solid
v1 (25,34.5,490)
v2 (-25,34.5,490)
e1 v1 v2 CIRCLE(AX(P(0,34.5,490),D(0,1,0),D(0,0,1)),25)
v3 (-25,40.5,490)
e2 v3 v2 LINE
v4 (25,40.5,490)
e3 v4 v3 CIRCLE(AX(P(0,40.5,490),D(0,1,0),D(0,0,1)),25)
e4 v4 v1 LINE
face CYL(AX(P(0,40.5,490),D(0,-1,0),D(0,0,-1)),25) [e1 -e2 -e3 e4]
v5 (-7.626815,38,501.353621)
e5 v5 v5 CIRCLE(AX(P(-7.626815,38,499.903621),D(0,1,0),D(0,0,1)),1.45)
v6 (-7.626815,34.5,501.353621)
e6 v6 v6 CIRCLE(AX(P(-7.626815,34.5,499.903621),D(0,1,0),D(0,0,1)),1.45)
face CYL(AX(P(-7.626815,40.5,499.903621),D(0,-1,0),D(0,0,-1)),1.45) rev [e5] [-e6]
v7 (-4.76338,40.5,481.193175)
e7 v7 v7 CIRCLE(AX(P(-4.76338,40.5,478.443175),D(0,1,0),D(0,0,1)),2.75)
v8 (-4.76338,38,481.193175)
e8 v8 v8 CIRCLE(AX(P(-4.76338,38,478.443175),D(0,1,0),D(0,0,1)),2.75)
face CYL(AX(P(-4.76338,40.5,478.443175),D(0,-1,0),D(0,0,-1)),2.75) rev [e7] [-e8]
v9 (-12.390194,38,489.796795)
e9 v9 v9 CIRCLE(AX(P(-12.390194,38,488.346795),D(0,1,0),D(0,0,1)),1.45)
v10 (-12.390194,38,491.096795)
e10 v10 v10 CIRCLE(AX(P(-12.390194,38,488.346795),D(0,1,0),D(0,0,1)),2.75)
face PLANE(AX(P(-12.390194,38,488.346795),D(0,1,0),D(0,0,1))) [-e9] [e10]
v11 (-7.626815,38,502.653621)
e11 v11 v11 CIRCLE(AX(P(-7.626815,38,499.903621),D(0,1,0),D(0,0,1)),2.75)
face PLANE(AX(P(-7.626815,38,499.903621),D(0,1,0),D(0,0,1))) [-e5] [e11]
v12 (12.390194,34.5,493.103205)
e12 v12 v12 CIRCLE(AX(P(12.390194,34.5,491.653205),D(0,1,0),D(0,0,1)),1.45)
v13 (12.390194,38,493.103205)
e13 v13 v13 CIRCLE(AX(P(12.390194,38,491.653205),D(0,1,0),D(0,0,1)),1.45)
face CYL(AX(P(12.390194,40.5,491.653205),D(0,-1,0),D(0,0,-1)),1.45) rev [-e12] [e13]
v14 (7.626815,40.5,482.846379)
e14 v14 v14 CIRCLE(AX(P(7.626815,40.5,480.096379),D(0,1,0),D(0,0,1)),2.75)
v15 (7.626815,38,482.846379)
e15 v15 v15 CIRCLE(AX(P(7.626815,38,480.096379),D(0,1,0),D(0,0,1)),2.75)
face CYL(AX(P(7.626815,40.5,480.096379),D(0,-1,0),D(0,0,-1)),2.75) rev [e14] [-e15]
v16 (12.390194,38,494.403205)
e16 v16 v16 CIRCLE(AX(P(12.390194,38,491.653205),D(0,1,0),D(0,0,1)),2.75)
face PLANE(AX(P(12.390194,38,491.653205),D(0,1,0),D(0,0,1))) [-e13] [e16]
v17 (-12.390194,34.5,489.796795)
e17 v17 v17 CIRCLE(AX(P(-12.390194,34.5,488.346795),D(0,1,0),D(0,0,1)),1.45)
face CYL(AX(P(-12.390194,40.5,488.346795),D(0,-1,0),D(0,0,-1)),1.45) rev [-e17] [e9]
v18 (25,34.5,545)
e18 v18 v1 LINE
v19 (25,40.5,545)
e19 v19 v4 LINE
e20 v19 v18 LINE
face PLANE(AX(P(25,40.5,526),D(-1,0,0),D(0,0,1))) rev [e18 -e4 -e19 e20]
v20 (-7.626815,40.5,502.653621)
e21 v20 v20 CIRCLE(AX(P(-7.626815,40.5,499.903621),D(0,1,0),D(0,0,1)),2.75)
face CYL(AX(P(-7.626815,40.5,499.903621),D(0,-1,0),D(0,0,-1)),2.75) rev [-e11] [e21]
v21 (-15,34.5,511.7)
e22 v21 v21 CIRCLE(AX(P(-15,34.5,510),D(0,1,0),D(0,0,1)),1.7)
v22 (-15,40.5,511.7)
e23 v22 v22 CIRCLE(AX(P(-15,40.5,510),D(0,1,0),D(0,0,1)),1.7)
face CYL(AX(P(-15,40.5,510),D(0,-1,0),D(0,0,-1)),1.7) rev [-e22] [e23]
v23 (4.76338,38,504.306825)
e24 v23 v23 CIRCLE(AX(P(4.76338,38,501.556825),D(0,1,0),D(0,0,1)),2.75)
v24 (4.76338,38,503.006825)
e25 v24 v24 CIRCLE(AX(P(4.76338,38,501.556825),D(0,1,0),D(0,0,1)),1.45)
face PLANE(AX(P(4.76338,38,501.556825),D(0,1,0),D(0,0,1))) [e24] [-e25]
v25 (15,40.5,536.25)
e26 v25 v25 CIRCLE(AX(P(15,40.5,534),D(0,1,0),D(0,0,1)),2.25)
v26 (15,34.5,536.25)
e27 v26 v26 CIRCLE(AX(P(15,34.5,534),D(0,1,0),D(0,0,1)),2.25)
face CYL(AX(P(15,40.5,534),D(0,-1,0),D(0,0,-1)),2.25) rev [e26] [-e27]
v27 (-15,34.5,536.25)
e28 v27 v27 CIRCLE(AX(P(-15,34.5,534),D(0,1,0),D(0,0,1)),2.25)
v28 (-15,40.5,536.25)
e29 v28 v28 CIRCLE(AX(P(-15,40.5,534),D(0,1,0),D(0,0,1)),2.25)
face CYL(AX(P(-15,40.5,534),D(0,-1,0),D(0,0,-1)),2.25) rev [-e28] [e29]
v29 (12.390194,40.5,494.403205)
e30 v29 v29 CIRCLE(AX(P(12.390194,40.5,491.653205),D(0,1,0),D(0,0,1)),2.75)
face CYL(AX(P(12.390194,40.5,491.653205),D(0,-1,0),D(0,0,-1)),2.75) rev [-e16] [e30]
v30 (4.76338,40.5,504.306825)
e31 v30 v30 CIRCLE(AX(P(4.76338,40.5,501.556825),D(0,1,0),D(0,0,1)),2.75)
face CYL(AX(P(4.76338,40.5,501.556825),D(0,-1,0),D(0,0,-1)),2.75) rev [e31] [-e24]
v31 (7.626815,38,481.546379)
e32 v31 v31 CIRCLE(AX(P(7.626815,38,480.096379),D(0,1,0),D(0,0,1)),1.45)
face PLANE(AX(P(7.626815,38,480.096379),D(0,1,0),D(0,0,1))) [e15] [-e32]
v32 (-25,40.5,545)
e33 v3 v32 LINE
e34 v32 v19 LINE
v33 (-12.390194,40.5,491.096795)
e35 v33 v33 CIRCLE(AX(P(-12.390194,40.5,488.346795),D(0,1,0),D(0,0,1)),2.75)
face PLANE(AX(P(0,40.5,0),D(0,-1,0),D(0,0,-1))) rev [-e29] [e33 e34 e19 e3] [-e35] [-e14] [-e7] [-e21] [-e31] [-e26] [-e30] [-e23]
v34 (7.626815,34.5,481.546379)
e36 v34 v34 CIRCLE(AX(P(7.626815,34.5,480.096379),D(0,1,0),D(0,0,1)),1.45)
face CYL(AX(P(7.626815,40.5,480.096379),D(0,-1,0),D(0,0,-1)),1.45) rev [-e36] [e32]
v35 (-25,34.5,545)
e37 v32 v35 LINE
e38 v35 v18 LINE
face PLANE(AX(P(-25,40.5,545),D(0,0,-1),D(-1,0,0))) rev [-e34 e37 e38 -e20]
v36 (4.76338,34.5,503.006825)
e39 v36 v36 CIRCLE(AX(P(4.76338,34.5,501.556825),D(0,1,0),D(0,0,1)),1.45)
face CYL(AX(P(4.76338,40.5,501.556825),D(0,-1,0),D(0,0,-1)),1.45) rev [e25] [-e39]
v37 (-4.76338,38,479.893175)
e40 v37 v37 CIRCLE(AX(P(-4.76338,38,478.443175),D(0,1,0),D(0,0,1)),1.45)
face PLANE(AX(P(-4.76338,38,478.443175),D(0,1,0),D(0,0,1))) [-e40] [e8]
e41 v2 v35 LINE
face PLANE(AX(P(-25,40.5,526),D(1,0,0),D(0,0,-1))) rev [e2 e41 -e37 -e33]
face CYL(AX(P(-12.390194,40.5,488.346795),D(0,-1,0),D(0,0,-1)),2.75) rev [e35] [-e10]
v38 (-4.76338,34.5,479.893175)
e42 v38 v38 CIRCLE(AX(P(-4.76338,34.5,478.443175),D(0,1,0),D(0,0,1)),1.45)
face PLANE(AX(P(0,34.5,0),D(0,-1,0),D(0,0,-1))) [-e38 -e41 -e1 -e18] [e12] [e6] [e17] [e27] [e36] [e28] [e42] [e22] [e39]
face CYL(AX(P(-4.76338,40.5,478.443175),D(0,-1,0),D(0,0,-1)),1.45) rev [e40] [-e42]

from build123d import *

# Parameters (mm, degrees)
PLACA_START                 = 34.5
SK_PLACA_W                  = 50
SK_PLACA_H                  = 36
PLACA_DEPTH                 = 6
EXTREMO_START               = 34.5
SK_EXTREMO_R                = 25
EXTREMO_DEPTH               = 6
PASANTES_M2_5_CUBO_J5_START = 34.5
SK_PASANTES_M2_5_CUBO_J5_R  = 1.45
PASANTES_M2_5_CUBO_J5_DEPTH = 6
CAJAS_M2_5_J5_START         = 38
SK_CAJAS_M2_5_J5_R          = 2.75
CAJAS_M2_5_J5_DEPTH         = 2.5
EXTENSION_PESTANAS_START    = 34.5
SK_EXTENSION_PESTANAS_W     = 50
SK_EXTENSION_PESTANAS_H     = 19
EXTENSION_PESTANAS_DEPTH    = 6
PASANTES_M4_REPISA_START    = 34.5
SK_PASANTES_M4_REPISA_R     = 2.25
PASANTES_M4_REPISA_DEPTH    = 6
PASANTE_M3_CINCHO_START     = 34.5
SK_PASANTE_M3_CINCHO_R      = 1.7
PASANTE_M3_CINCHO_DEPTH     = 6


with BuildPart() as part:
    # Sk_Placa → Placa (new body)
    with BuildSketch(Plane(origin=(0, 0, 0), x_dir=(1, 0, 0), z_dir=(0, 1, 0)).offset(PLACA_START)):
        with Locations((0, -508)):
            Rectangle(SK_PLACA_W, SK_PLACA_H)
    extrude(amount=PLACA_DEPTH)

    # Sk_Extremo → Extremo (add)
    with BuildSketch(Plane(origin=(0, 0, 0), x_dir=(1, 0, 0), z_dir=(0, 1, 0)).offset(EXTREMO_START)):
        with Locations((0, -490)):
            Circle(SK_EXTREMO_R)
    extrude(amount=EXTREMO_DEPTH)

    # Sk_Pasantes_M2-5_cubo_J5 → Pasantes_M2-5_cubo_J5 (cut)
    with BuildSketch(Plane(origin=(0, 0, 0), x_dir=(1, 0, 0), z_dir=(0, 1, 0)).offset(PASANTES_M2_5_CUBO_J5_START)):
        with Locations(Location((12.390194253, -491.653204878, 0), (0, 0, 270))):
            Circle(SK_PASANTES_M2_5_CUBO_J5_R)
        with Locations(Location((4.763379704, -501.55682542, 0), (0, 0, 270))):
            Circle(SK_PASANTES_M2_5_CUBO_J5_R)
        with Locations(Location((-7.626814549, -499.903620542, 0), (0, 0, 270))):
            Circle(SK_PASANTES_M2_5_CUBO_J5_R)
        with Locations(Location((-12.390194253, -488.346795122, 0), (0, 0, 270))):
            Circle(SK_PASANTES_M2_5_CUBO_J5_R)
        with Locations(Location((-4.763379704, -478.44317458, 0), (0, 0, 270))):
            Circle(SK_PASANTES_M2_5_CUBO_J5_R)
        with Locations(Location((7.626814549, -480.096379458, 0), (0, 0, 270))):
            Circle(SK_PASANTES_M2_5_CUBO_J5_R)
    extrude(amount=PASANTES_M2_5_CUBO_J5_DEPTH, mode=Mode.SUBTRACT)

    # Sk_Cajas_M2-5_J5 → Cajas_M2-5_J5 (cut)
    with BuildSketch(Plane(origin=(0, 0, 0), x_dir=(1, 0, 0), z_dir=(0, 1, 0)).offset(CAJAS_M2_5_J5_START)):
        with Locations(Location((12.390194253, -491.653204878, 0), (0, 0, 270))):
            Circle(SK_CAJAS_M2_5_J5_R)
        with Locations(Location((4.763379704, -501.55682542, 0), (0, 0, 270))):
            Circle(SK_CAJAS_M2_5_J5_R)
        with Locations(Location((-7.626814549, -499.903620542, 0), (0, 0, 270))):
            Circle(SK_CAJAS_M2_5_J5_R)
        with Locations(Location((-12.390194253, -488.346795122, 0), (0, 0, 270))):
            Circle(SK_CAJAS_M2_5_J5_R)
        with Locations(Location((-4.763379704, -478.44317458, 0), (0, 0, 270))):
            Circle(SK_CAJAS_M2_5_J5_R)
        with Locations(Location((7.626814549, -480.096379458, 0), (0, 0, 270))):
            Circle(SK_CAJAS_M2_5_J5_R)
    extrude(amount=CAJAS_M2_5_J5_DEPTH, mode=Mode.SUBTRACT)

    # Sk_Extension_pestanas → Extension_pestanas (add)
    with BuildSketch(Plane(origin=(0, 0, 0), x_dir=(1, 0, 0), z_dir=(0, 1, 0)).offset(EXTENSION_PESTANAS_START)):
        with Locations((0, -535.5)):
            Rectangle(SK_EXTENSION_PESTANAS_W, SK_EXTENSION_PESTANAS_H)
    extrude(amount=EXTENSION_PESTANAS_DEPTH)

    # Sk_Pasantes_M4_repisa → Pasantes_M4_repisa (cut)
    with BuildSketch(Plane(origin=(0, 0, 0), x_dir=(1, 0, 0), z_dir=(0, 1, 0)).offset(PASANTES_M4_REPISA_START)):
        with Locations(Location((-15, -534, 0), (0, 0, 270))):
            Circle(SK_PASANTES_M4_REPISA_R)
        with Locations(Location((15, -534, 0), (0, 0, 270))):
            Circle(SK_PASANTES_M4_REPISA_R)
    extrude(amount=PASANTES_M4_REPISA_DEPTH, mode=Mode.SUBTRACT)

    # Sk_Pasante_M3_cincho → Pasante_M3_cincho (cut)
    with BuildSketch(Plane(origin=(0, 0, 0), x_dir=(1, 0, 0), z_dir=(0, 1, 0)).offset(PASANTE_M3_CINCHO_START)):
        with Locations(Location((-15, -510, 0), (0, 0, 270))):
            Circle(SK_PASANTE_M3_CINCHO_R)
    extrude(amount=PASANTE_M3_CINCHO_DEPTH, mode=Mode.SUBTRACT)


solid = part.part
